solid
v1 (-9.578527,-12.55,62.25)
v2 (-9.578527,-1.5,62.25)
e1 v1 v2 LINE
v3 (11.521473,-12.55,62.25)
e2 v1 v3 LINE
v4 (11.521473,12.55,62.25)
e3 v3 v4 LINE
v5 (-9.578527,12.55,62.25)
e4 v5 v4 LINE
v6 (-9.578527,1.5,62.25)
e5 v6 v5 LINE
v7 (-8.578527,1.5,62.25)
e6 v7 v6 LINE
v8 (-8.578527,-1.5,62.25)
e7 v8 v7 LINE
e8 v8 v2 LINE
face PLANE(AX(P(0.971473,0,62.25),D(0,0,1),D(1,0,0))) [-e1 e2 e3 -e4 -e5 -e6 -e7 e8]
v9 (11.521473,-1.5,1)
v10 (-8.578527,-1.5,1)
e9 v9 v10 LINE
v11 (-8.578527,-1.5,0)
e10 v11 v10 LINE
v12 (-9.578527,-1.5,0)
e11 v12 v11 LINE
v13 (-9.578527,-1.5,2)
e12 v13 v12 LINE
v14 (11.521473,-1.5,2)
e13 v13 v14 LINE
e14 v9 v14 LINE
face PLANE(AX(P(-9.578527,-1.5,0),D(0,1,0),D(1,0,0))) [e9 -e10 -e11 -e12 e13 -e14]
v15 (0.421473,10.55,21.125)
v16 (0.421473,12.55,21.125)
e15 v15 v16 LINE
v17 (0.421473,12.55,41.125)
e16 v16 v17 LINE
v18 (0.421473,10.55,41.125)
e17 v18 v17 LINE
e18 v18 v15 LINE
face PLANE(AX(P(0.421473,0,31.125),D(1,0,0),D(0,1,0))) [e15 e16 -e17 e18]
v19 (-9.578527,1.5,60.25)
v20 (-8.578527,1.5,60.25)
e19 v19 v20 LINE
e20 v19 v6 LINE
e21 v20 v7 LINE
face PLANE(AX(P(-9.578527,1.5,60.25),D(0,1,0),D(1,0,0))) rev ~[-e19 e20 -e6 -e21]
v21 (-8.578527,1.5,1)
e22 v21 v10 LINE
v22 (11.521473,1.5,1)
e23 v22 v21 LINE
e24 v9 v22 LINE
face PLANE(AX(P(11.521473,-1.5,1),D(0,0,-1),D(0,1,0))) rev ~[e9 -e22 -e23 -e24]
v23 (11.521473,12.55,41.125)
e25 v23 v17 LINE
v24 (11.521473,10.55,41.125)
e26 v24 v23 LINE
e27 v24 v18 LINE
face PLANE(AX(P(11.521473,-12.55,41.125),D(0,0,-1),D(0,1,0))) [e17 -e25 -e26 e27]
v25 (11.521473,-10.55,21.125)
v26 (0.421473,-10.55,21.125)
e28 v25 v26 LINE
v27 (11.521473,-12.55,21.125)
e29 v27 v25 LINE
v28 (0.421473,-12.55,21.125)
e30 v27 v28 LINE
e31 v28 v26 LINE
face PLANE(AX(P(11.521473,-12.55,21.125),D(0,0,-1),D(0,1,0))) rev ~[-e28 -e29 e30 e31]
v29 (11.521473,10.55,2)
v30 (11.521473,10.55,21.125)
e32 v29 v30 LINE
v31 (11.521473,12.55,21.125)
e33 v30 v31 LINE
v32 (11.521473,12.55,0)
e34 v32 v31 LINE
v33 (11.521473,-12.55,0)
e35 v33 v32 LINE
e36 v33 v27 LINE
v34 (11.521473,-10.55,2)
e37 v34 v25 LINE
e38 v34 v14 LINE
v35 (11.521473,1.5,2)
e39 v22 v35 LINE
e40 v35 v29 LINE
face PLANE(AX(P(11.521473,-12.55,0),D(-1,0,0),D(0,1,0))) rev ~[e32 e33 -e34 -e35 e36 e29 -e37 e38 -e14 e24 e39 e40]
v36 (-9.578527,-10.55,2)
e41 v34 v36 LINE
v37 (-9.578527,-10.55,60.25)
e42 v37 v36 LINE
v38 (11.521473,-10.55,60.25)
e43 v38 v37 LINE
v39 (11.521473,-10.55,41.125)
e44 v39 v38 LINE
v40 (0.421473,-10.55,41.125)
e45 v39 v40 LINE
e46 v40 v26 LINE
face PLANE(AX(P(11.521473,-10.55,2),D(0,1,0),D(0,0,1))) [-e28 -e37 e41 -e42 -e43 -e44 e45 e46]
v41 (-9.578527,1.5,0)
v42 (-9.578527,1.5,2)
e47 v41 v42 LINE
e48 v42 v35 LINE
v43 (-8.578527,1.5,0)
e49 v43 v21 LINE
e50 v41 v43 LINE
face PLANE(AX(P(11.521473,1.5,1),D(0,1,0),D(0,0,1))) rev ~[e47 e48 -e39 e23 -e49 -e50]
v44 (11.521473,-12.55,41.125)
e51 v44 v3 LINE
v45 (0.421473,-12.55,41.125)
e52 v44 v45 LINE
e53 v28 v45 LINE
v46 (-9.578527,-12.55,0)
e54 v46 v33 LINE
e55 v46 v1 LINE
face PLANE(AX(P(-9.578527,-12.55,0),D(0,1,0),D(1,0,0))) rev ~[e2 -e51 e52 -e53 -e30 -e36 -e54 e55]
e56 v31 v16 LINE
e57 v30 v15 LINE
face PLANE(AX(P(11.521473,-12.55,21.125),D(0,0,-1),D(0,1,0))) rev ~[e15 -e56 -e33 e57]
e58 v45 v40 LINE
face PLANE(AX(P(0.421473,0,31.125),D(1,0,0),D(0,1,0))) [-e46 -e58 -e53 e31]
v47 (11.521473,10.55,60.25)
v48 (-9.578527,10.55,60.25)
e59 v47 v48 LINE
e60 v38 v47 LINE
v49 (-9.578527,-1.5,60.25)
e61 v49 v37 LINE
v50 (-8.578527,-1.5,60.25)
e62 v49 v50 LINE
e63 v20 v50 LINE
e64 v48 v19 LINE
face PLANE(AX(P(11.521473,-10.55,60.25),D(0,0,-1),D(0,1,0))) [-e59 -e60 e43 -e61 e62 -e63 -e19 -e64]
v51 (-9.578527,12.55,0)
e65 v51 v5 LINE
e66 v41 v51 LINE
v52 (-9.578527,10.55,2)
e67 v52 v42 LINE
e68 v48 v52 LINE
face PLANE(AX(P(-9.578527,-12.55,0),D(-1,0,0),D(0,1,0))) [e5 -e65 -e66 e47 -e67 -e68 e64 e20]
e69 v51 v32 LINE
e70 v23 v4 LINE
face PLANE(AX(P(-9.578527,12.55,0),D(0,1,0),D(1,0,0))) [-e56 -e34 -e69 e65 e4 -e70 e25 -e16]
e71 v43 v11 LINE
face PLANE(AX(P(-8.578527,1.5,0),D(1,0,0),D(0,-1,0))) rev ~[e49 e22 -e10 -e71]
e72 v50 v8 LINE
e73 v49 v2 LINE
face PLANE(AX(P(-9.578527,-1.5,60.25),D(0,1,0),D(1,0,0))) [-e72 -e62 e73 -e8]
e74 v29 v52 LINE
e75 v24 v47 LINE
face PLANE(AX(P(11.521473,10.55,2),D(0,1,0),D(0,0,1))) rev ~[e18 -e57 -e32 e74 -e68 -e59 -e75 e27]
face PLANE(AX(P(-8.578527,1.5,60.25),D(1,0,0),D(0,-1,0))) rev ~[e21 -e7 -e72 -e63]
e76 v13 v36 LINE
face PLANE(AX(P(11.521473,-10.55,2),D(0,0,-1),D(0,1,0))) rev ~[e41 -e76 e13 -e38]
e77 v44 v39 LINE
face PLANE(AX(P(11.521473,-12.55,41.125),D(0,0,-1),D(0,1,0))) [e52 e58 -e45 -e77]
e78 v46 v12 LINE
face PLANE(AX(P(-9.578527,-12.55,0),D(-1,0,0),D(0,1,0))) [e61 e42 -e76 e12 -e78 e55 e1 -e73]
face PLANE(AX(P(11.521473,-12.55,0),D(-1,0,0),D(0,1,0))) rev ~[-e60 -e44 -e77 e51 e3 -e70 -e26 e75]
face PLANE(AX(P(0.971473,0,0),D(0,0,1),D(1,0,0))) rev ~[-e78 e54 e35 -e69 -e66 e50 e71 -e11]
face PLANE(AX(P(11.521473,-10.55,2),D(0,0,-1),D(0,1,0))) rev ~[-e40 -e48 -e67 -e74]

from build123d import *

# Parameters (mm, degrees)
F0_W           = 21.1
F0_H           = 25.1
F1_DEPTH       = 62.25
F2_W           = 21.1
F2_H           = 58.25
F3_DEPTH       = 25.4
F3_DEPTH_BACK  = 25.4
F4_W           = 3
F4_H           = 2
F5_DEPTH       = 25.4
F5_DEPTH_BACK  = 25.4
F6_W           = 25.1
F6_H           = 20
F7_DEPTH       = 11.1
F8_W           = 1
F8_H           = 3
F9_DEPTH       = 25.4
F9_DEPTH_BACK  = 25.4
F10_W          = 1
F10_H          = 3
F11_DEPTH      = 25.4
F11_DEPTH_BACK = 25.4


with BuildPart() as f1:
    # F0 (on Top) → F1 (new body)
    with BuildSketch(Plane.XY):
        with Locations((0.971473, 0)):
            Rectangle(F0_W, F0_H)
    extrude(amount=F1_DEPTH)

    # F2 (on face) → F3 (cut, two sides)
    with BuildSketch(Plane.YZ.offset(11.521473)) as f3_sk:
        with Locations((0, 31.125)):
            Rectangle(F2_W, F2_H)
    extrude(amount=-F3_DEPTH, mode=Mode.SUBTRACT)
    extrude(f3_sk.sketch, amount=-F3_DEPTH_BACK, mode=Mode.SUBTRACT)

    # F4 (on face) → F5 (cut, two sides)
    with BuildSketch(Plane.YZ.offset(11.521473)) as f5_sk:
        with Locations((0, 2)):
            Rectangle(F4_W, F4_H)
    extrude(amount=-F5_DEPTH, mode=Mode.SUBTRACT)
    extrude(f5_sk.sketch, amount=-F5_DEPTH_BACK, mode=Mode.SUBTRACT)

    # F6 (on face) → F7 (cut)
    with BuildSketch(Plane.YZ.offset(11.521473)):
        with Locations((0, 31.125)):
            Rectangle(F6_W, F6_H)
    extrude(amount=-F7_DEPTH, mode=Mode.SUBTRACT)

    # F8 (on face) → F9 (cut, two sides)
    with BuildSketch(Plane(origin=(0, 0, 0), x_dir=(1, 0, 0), z_dir=(0, 0, -1))) as f9_sk:
        with Locations((-9.078527, 0)):
            Rectangle(F8_W, F8_H)
    extrude(amount=-F9_DEPTH, mode=Mode.SUBTRACT)
    extrude(f9_sk.sketch, amount=-F9_DEPTH_BACK, mode=Mode.SUBTRACT)

    # F10 (on face) → F11 (cut, two sides)
    with BuildSketch(Plane(origin=(0, 0, 60.25), x_dir=(1, 0, 0), z_dir=(0, 0, -1))) as f11_sk:
        with Locations((-9.078527, 0)):
            Rectangle(F10_W, F10_H)
    extrude(amount=-F11_DEPTH, mode=Mode.SUBTRACT)
    extrude(f11_sk.sketch, amount=-F11_DEPTH_BACK, mode=Mode.SUBTRACT)


with BuildPart() as f12_1:
    # F12: copy of F1
    add(f1.part)


solid = f1.part
